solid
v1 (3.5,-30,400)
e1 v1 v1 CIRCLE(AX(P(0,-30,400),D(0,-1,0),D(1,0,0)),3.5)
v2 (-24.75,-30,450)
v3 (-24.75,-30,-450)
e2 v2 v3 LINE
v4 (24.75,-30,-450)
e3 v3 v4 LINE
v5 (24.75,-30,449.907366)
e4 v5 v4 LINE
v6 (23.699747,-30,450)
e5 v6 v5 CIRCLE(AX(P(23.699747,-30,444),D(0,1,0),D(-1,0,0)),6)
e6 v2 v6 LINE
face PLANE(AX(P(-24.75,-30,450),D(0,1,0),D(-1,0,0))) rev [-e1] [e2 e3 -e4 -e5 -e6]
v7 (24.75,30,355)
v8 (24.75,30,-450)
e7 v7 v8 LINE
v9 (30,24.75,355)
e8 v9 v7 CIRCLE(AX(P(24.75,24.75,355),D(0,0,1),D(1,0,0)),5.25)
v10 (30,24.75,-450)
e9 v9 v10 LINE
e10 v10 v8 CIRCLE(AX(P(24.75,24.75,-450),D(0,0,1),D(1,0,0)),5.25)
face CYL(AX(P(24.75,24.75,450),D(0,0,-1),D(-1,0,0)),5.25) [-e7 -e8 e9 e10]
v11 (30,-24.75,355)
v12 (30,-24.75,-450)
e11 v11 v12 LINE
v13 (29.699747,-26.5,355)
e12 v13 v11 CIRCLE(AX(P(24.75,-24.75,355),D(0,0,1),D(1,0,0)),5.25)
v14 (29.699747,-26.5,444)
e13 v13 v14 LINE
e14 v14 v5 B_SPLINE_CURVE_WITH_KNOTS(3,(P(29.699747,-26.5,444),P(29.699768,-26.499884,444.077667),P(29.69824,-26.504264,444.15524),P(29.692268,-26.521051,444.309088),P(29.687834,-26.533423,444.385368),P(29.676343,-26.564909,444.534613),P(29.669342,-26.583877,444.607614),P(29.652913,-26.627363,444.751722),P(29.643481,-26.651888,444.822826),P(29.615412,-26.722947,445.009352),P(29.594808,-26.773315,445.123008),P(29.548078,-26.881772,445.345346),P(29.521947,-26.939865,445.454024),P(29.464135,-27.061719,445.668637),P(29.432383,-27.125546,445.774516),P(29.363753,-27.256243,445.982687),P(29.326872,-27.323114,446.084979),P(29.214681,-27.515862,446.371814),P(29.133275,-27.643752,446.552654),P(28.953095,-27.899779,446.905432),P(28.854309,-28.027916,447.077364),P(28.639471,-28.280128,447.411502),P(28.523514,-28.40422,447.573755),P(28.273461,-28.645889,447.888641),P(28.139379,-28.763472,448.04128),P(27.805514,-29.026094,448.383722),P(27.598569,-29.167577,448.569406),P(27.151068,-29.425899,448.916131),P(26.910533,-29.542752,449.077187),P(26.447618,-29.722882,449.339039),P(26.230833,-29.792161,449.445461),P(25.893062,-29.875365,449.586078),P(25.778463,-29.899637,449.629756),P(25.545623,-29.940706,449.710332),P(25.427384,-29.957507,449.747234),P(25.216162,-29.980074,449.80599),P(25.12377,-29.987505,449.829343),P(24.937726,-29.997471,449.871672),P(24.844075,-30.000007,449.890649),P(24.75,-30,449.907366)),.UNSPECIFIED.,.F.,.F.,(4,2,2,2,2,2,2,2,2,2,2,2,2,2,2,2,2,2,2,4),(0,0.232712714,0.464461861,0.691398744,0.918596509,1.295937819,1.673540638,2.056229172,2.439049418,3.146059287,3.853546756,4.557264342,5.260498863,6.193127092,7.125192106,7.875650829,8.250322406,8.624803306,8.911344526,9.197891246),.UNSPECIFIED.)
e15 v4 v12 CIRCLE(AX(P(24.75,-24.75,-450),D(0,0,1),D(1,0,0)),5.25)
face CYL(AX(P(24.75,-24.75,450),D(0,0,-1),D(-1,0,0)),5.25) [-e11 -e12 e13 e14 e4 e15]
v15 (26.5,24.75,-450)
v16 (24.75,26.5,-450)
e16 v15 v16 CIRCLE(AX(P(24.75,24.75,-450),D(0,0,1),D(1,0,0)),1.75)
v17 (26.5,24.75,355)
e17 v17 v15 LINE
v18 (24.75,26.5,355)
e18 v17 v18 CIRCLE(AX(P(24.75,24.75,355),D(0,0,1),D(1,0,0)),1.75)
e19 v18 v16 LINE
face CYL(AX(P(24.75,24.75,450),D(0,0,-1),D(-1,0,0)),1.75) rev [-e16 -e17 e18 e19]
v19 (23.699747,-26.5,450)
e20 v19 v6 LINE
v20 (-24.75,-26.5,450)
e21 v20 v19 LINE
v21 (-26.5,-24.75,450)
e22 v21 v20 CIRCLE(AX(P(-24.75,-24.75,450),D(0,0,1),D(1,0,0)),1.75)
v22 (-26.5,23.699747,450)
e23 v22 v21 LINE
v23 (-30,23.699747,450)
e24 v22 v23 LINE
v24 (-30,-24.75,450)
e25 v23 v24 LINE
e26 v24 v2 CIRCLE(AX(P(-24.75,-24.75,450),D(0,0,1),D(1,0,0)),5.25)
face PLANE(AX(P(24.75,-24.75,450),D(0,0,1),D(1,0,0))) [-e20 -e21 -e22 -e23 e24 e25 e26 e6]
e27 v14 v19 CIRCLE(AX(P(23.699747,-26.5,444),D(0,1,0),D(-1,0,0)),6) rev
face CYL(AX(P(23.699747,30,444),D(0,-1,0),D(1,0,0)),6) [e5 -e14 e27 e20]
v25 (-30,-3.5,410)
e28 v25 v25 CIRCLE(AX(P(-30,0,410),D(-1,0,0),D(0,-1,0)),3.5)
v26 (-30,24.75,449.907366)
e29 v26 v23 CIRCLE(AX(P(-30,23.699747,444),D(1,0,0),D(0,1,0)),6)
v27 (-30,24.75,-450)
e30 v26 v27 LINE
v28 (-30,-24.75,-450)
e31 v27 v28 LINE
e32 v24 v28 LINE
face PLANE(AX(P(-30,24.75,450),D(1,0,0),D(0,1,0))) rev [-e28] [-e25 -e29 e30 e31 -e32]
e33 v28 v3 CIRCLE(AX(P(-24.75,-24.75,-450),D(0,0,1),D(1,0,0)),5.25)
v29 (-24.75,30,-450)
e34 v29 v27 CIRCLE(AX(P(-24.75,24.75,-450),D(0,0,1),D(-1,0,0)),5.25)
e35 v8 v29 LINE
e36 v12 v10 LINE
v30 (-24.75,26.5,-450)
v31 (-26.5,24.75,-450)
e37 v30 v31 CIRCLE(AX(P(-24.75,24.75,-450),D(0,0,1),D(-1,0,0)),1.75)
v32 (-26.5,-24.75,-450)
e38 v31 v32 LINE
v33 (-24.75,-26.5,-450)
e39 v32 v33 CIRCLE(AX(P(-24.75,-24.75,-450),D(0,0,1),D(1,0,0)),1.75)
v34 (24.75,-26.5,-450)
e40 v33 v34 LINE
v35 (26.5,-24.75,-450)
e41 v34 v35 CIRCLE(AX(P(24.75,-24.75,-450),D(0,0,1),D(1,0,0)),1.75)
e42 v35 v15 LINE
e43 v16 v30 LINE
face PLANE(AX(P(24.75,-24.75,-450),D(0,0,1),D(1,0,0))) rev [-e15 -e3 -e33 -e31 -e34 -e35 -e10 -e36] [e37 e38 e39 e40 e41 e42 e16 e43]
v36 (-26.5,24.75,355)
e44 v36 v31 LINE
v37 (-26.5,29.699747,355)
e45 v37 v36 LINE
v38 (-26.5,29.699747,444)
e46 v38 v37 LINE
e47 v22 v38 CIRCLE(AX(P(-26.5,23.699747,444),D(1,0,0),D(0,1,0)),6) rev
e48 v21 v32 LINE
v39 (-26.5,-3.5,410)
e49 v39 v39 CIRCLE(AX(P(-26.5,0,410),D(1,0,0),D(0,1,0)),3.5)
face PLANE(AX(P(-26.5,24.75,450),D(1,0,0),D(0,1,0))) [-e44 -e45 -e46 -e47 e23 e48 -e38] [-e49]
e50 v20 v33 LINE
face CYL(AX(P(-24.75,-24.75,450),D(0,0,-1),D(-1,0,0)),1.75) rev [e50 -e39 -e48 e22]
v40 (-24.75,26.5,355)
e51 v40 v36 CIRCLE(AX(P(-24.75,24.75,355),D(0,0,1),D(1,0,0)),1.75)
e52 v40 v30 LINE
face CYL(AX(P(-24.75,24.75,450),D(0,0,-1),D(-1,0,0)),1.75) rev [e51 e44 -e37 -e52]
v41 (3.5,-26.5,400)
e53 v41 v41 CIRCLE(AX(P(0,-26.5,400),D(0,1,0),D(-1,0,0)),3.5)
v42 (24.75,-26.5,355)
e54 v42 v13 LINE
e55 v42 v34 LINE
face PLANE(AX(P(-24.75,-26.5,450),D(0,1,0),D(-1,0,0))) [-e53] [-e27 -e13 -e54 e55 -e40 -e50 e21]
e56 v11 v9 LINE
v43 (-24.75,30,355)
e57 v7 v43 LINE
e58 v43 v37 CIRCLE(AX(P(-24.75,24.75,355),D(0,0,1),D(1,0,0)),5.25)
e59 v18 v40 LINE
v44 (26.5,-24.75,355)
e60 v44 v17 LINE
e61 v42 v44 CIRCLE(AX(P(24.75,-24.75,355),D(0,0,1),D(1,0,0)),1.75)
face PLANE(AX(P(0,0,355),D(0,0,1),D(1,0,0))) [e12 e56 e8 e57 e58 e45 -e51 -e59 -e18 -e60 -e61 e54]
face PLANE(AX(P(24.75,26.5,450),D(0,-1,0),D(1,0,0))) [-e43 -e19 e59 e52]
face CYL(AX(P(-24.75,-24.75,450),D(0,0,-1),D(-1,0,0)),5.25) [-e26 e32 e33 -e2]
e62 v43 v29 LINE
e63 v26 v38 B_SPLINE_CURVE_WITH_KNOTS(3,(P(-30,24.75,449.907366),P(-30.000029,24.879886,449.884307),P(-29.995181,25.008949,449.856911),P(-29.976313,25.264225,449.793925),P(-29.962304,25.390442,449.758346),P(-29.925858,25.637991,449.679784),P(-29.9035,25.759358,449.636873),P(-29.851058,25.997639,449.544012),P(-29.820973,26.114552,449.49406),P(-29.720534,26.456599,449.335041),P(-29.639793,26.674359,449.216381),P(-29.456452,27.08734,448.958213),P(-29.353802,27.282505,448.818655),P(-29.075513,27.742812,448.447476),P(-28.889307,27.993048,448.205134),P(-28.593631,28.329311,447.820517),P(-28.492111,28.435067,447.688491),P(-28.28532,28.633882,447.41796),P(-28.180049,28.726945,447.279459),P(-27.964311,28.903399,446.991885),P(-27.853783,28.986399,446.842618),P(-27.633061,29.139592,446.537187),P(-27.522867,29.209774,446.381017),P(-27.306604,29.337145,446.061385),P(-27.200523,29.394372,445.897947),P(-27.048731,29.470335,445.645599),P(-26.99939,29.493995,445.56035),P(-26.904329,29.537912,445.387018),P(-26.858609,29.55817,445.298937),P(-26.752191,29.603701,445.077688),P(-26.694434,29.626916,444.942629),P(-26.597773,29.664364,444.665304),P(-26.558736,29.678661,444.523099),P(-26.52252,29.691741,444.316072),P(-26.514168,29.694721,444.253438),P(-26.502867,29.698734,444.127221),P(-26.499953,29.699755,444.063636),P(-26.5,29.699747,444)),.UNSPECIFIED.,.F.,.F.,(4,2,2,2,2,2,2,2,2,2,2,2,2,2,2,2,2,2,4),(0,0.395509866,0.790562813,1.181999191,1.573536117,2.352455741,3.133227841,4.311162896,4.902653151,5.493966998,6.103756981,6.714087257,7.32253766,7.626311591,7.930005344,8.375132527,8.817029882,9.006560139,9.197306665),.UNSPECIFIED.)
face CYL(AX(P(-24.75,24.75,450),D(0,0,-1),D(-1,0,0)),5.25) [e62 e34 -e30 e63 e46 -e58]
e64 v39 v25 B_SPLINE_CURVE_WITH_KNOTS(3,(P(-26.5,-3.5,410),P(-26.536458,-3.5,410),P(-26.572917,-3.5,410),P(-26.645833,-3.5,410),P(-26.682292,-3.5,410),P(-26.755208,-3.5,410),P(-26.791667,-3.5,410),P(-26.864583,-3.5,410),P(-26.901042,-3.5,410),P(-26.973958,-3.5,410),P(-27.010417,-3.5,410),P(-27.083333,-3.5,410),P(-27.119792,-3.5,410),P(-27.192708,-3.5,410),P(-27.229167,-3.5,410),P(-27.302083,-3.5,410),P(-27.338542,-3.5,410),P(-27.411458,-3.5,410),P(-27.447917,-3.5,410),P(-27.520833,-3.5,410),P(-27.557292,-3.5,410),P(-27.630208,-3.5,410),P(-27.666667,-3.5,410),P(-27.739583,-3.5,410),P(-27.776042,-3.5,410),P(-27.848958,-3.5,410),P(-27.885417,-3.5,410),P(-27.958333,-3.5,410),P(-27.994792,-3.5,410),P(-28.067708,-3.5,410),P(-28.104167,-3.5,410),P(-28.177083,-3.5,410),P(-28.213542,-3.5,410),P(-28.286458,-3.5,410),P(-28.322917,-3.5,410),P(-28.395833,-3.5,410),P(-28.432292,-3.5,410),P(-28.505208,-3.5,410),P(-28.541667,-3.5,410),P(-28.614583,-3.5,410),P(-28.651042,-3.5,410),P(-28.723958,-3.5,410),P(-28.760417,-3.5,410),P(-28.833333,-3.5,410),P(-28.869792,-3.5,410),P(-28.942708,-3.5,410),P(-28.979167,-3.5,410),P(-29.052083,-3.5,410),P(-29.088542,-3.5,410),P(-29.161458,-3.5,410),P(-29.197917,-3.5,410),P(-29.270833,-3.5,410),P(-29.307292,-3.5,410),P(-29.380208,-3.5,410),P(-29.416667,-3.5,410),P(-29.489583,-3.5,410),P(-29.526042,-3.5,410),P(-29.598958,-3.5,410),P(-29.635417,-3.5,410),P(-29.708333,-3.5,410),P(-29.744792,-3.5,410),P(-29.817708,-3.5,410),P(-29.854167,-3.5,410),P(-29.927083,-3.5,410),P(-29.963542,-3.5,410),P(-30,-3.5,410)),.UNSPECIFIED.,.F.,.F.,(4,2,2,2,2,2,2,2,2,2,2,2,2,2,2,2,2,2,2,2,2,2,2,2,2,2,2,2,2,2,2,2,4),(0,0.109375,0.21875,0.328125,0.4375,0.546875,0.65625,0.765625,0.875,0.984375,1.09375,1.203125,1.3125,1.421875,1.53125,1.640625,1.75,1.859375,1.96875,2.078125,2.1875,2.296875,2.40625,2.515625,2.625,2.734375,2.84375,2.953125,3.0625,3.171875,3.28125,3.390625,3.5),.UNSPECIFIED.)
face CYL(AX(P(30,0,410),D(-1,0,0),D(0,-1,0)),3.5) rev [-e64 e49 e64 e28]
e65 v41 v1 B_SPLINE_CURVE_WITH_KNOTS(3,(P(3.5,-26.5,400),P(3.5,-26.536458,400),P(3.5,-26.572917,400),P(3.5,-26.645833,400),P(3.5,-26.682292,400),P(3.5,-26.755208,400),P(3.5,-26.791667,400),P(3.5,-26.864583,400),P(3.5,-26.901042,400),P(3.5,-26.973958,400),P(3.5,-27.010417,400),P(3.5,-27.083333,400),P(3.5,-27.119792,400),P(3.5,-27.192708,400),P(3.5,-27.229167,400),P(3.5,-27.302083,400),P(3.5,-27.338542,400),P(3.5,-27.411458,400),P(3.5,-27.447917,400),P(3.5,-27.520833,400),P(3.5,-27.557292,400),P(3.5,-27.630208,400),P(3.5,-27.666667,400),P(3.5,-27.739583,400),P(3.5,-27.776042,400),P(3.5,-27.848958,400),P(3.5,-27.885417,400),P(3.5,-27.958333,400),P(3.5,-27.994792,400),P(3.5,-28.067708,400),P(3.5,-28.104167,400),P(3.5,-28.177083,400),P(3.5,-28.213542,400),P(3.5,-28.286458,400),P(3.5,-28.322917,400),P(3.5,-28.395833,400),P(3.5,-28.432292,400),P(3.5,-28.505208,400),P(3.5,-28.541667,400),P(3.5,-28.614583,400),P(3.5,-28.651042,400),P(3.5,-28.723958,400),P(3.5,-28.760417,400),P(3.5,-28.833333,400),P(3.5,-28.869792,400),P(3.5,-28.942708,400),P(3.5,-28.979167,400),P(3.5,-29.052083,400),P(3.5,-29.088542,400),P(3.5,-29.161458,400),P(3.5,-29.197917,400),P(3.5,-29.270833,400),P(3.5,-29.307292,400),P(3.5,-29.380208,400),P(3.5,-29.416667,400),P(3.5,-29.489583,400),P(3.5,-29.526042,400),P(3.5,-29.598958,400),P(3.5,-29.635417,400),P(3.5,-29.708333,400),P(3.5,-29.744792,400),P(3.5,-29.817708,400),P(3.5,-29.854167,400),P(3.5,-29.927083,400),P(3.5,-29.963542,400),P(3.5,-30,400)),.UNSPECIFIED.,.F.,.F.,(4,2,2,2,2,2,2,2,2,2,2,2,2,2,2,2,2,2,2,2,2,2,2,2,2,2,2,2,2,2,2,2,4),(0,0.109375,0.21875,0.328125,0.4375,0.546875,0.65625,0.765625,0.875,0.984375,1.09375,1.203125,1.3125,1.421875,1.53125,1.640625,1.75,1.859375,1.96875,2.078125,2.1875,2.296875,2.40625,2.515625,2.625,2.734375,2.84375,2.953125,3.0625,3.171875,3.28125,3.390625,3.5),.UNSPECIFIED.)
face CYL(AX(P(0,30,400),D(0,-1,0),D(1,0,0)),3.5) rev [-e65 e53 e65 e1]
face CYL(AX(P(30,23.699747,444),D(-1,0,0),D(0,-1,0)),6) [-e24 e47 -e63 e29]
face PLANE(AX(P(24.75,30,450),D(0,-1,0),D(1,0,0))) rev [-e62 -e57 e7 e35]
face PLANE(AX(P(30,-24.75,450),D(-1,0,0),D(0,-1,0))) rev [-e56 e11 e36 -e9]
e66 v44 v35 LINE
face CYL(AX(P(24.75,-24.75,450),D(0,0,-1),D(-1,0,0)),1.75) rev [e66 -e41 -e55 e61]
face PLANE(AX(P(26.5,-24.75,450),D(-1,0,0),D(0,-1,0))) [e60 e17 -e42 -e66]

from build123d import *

# Parameters (mm, degrees)
EXTRUDE_1_DEPTH     = 450
CUT_EXTRUDE_1_DEPTH = 95
SKETCH_3_R          = 3.5
CUT_EXTRUDE_2_DEPTH = 455.972526643
SKETCH_4_R          = 3.5
CUT_EXTRUDE_3_DEPTH = 455.972526762


with BuildPart() as part:
    # Эскиз1 → Бобышка-Вытянуть1 (new, symmetric)
    with BuildSketch(Plane(origin=(0, 0, 0), x_dir=(0, 1, 0), z_dir=(0, 0, 1))):
        with BuildLine():
            Line((24.75, 30), (-24.75, 30))
            ThreePointArc((-24.75, 30), (-28.462310601, 28.462310601), (-30, 24.75))
            Line((-30, 24.75), (-30, -24.75))
            ThreePointArc((-30, -24.75), (-28.462310601, -28.462310601), (-24.75, -30))
            Line((-24.75, -30), (24.75, -30))
            ThreePointArc((24.75, -30), (28.462310601, -28.462310601), (30, -24.75))
            Line((30, -24.75), (30, 24.75))
            ThreePointArc((30, 24.75), (28.462310601, 28.462310601), (24.75, 30))
        make_face()
        with BuildLine():
            Line((-24.75, -26.5), (24.75, -26.5))
            ThreePointArc((24.75, -26.5), (25.987436867, -25.987436867), (26.5, -24.75))
            Line((26.5, -24.75), (26.5, 24.75))
            ThreePointArc((26.5, 24.75), (25.987436867, 25.987436867), (24.75, 26.5))
            Line((24.75, 26.5), (-24.75, 26.5))
            ThreePointArc((-24.75, 26.5), (-25.987436867, 25.987436867), (-26.5, 24.75))
            Line((-26.5, 24.75), (-26.5, -24.75))
            ThreePointArc((-26.5, -24.75), (-25.987436867, -25.987436867), (-24.75, -26.5))
        make_face(mode=Mode.SUBTRACT)
    extrude(amount=EXTRUDE_1_DEPTH, both=True)

    # Эскиз2 → Вырез-Вытянуть1 (cut)
    with BuildSketch(Plane.XY.offset(450)):
        Polygon((-26.5, 30), (30, 30), (30, -26.5), (-24.75, -26.5), (-26.5, -24.75), align=None)
    extrude(amount=-CUT_EXTRUDE_1_DEPTH, mode=Mode.SUBTRACT)

    # Эскиз3 → Вырез-Вытянуть2 (cut, through all)
    with BuildSketch(Plane.XZ.offset(30)):
        with Locations((0, 400)):
            Circle(SKETCH_3_R)
        with BuildLine():
            Line((23.699747468, 450), (29.699747468, 450))
            Line((29.699747468, 450), (29.699747468, 444))
            ThreePointArc((29.699747468, 444), (27.942388155, 448.242640687), (23.699747468, 450))
        make_face()
    extrude(amount=-CUT_EXTRUDE_2_DEPTH, mode=Mode.SUBTRACT)

    # Эскиз4 → Вырез-Вытянуть3 (cut, through all)
    with BuildSketch(Plane.ZY.offset(30)):
        with Locations(Location((410, 0, 0), (0, 0, 270))):
            Circle(SKETCH_4_R)
        with BuildLine():
            Line((444, 29.699747468), (450, 29.699747468))
            Line((450, 29.699747468), (450, 23.699747468))
            ThreePointArc((450, 23.699747468), (448.242640687, 27.942388155), (444, 29.699747468))
        make_face()
    extrude(amount=-CUT_EXTRUDE_3_DEPTH, mode=Mode.SUBTRACT)


solid = part.part
